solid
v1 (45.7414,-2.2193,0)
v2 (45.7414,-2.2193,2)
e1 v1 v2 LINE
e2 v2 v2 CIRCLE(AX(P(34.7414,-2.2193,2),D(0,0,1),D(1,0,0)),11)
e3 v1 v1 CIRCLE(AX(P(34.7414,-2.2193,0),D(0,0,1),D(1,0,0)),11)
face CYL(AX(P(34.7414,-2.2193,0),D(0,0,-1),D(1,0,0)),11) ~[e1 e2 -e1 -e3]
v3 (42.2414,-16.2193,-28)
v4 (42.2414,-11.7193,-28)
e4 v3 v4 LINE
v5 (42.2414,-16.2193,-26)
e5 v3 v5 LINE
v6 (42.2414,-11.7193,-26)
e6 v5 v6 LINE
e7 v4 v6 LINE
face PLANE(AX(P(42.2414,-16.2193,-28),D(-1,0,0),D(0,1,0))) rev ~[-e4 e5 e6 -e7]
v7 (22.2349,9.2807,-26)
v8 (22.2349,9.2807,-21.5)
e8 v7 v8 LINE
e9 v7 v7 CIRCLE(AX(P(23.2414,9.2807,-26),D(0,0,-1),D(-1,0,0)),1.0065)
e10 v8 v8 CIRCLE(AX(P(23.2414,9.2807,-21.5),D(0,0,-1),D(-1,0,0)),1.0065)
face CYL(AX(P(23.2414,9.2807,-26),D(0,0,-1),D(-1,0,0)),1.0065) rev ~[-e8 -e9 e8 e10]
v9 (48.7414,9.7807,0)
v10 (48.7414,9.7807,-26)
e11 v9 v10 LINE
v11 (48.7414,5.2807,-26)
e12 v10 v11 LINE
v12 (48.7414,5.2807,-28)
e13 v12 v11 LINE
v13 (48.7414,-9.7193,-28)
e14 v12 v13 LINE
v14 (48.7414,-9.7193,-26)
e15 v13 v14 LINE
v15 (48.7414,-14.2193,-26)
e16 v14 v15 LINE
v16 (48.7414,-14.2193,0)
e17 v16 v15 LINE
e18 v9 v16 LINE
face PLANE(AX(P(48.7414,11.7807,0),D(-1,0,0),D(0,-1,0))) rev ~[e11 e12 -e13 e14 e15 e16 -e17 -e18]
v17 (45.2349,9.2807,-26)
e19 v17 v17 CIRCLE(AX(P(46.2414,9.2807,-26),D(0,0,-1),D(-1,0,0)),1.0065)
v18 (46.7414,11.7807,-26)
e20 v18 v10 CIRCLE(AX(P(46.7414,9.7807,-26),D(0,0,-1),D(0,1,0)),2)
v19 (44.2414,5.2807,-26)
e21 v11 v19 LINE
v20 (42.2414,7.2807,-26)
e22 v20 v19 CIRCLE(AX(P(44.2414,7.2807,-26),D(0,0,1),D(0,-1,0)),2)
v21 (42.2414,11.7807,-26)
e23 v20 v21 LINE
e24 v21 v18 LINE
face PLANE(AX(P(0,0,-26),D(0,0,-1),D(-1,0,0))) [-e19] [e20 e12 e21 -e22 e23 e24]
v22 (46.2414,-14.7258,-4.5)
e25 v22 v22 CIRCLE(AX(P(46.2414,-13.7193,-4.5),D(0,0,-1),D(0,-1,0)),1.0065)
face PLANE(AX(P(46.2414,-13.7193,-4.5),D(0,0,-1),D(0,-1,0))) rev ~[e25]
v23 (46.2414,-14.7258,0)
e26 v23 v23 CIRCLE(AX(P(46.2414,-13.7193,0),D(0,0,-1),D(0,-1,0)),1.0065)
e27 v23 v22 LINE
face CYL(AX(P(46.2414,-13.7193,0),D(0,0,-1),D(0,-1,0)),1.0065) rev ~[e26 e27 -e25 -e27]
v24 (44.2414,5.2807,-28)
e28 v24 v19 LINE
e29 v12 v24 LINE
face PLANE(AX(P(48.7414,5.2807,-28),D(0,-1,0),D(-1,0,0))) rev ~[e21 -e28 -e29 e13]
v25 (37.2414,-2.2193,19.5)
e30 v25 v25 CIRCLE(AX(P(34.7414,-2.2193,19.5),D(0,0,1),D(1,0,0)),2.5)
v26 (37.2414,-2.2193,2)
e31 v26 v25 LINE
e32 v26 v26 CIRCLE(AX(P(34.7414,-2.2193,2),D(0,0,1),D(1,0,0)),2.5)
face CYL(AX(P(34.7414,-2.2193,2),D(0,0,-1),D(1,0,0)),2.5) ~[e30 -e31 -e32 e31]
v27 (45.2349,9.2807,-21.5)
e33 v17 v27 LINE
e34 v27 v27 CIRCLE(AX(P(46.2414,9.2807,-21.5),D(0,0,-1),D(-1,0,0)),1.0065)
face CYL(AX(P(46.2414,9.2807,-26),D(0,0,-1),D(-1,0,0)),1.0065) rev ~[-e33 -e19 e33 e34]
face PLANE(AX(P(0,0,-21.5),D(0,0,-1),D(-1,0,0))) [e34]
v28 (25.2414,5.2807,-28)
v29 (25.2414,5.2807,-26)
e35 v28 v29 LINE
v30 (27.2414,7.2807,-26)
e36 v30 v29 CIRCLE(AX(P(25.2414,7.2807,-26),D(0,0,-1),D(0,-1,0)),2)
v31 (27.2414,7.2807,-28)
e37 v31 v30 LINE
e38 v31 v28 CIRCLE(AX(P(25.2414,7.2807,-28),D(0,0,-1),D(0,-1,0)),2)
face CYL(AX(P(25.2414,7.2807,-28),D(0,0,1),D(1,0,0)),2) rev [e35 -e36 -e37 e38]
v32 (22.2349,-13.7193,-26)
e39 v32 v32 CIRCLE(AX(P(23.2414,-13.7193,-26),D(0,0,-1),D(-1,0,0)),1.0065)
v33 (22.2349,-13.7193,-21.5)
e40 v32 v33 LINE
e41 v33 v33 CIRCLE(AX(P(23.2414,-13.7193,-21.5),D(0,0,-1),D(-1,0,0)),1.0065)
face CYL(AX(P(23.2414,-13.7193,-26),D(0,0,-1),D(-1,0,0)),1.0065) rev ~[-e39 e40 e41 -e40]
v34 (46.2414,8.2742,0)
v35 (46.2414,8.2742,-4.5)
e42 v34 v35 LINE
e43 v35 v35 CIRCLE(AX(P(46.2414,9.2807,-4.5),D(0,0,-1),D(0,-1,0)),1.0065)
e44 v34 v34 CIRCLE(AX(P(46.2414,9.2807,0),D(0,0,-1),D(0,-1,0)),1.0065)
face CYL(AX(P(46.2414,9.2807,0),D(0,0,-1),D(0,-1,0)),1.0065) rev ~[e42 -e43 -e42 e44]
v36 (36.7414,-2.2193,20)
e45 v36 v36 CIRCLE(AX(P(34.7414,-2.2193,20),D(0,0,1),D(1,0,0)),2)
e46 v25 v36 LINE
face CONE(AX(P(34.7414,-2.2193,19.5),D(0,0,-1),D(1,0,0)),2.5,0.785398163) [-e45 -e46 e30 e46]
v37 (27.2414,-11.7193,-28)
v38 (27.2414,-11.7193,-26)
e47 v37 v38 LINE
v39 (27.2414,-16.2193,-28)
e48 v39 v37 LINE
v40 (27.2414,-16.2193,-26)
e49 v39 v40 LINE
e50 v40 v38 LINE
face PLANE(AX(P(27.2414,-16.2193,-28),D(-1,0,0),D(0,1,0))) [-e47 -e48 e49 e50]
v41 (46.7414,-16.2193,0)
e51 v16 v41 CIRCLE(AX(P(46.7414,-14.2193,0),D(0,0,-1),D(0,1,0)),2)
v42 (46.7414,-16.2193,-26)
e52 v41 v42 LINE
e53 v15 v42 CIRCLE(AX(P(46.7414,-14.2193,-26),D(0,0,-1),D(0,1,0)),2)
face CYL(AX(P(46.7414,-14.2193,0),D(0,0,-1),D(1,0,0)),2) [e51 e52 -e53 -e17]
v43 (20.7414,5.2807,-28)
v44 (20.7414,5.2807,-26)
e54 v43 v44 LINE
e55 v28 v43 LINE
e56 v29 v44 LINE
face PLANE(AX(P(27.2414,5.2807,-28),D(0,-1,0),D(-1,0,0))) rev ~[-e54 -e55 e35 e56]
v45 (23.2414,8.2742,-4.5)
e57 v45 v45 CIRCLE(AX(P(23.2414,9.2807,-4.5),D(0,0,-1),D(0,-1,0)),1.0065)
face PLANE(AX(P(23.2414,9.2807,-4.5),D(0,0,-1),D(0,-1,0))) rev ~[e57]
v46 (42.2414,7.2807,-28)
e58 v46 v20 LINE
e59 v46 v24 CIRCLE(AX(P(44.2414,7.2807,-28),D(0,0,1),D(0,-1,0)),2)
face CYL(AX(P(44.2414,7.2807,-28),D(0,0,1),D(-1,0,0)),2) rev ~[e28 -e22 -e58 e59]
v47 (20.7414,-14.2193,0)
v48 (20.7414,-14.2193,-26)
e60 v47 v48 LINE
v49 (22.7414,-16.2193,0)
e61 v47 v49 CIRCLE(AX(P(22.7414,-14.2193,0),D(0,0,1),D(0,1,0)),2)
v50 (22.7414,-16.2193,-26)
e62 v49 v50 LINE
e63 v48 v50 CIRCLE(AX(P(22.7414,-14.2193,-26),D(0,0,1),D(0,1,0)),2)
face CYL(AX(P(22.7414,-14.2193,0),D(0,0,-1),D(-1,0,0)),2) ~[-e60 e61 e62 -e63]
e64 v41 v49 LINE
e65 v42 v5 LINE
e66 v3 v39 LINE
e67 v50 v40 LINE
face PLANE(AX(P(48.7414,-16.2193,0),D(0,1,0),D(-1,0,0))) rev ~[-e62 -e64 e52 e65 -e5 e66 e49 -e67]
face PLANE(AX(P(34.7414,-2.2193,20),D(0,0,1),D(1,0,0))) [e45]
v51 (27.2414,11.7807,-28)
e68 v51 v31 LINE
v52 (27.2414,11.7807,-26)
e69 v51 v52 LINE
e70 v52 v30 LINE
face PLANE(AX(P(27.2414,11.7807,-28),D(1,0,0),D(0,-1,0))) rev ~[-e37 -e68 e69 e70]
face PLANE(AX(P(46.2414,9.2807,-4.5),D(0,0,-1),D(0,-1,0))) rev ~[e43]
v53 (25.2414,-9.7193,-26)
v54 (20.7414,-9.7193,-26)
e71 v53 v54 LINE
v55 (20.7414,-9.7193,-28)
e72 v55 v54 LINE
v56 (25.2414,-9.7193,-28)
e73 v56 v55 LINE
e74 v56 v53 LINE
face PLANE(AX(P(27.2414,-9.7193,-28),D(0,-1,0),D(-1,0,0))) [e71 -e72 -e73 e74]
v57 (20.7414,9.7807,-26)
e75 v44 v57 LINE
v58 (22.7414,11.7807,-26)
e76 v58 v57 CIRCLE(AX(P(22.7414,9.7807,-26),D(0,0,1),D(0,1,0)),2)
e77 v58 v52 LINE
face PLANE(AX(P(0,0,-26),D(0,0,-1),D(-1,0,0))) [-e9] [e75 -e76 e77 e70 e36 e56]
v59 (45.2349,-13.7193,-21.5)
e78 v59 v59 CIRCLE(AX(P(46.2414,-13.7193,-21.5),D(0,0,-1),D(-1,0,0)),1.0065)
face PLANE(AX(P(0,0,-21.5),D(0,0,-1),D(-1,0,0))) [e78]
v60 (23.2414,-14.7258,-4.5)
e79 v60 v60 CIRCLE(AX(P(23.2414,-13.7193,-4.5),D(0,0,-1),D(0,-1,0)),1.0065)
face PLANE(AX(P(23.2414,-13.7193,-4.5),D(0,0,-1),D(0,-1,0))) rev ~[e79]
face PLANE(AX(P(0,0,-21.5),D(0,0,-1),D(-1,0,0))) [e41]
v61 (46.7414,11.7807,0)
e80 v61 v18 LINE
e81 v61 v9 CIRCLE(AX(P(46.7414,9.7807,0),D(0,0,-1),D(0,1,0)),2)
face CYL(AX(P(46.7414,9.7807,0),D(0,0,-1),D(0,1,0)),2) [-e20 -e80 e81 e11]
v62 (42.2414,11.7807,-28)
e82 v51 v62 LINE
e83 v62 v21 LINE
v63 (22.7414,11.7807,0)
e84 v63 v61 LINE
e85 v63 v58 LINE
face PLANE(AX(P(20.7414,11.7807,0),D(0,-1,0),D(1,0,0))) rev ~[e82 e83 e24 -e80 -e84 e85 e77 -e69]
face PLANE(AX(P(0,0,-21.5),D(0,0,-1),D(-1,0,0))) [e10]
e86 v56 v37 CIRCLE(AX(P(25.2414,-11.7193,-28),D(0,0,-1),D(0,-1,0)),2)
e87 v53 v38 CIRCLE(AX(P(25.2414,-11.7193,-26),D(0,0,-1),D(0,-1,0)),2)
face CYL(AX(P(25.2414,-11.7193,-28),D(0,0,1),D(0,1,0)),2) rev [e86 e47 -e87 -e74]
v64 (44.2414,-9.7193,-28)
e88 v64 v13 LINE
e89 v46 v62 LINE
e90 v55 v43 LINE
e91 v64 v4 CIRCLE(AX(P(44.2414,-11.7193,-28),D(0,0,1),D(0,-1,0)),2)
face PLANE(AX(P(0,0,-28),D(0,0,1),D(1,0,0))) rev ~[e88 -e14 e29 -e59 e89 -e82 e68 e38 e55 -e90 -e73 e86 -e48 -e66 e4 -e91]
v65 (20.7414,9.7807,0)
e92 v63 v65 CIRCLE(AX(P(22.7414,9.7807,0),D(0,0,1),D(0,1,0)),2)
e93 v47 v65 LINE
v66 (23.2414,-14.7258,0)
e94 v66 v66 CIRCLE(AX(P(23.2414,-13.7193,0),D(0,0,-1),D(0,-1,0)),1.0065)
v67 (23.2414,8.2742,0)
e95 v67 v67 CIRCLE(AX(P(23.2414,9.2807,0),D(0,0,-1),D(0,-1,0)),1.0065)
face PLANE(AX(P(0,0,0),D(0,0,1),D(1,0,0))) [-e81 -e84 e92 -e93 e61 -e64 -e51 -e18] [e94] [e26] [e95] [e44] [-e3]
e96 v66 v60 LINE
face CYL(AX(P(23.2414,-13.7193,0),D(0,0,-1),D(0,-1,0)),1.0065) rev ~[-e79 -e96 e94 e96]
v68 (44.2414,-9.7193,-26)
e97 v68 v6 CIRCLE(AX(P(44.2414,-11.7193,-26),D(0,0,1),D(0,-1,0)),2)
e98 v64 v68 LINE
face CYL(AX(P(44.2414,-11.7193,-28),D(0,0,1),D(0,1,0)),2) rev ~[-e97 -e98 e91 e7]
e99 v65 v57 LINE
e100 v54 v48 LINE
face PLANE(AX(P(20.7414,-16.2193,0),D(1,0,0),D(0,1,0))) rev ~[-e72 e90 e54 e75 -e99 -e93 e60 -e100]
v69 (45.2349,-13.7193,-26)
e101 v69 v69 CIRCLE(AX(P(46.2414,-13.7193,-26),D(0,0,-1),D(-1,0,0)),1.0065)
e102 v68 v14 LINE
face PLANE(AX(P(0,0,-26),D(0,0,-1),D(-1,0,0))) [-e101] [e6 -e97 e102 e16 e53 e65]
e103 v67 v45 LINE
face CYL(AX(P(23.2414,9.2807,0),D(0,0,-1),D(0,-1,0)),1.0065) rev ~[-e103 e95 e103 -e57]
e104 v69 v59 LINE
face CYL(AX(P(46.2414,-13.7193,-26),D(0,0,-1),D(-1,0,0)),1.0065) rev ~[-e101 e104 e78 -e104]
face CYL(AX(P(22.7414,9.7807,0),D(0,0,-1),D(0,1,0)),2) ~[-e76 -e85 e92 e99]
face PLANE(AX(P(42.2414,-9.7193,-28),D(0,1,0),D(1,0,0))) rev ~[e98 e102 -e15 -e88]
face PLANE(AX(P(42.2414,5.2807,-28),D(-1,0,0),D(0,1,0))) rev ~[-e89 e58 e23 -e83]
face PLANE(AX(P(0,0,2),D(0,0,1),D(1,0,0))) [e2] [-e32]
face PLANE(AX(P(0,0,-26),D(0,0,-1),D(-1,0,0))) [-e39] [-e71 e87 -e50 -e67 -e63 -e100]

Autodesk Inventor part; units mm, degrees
ref_plane "YZ Plane" through (0, 0, 0) normal (1, 0, 0) x (0, 1, 0)
ref_plane "XZ Plane" through (0, 0, 0) normal (0, 1, 0) x (-1, 0, 0)
ref_plane "XY Plane" through (0, 0, 0) normal (0, 0, 1) x (1, 0, 0)
sketch "Sketch6" plane through (0, 0, 0) normal (0, 0, 1) x (1, 0, 0)
  line L0 (20.7414, 11.7807) -> (48.7414, 11.7807)
  line L1 (48.7414, 11.7807) -> (48.7414, -16.2193)
  line L2 (48.7414, -16.2193) -> (20.7414, -16.2193)
  line L3 (20.7414, -16.2193) -> (20.7414, 11.7807)
  point P0 (0, 0)
  dimension "d10" = 28
extrude "Extrusion6" add sketch "Sketch6" against normal blind 28
sketch "Sketch7" plane through (0, 0, 0) normal (0, 0, 1) x (1, 0, 0)
  line L0 (48.7414, 11.7807) -> (20.7414, 11.7807) projected
  line L1 (20.7414, 11.7807) -> (20.7414, -16.2193) projected
  line L2 (48.7414, -16.2193) -> (48.7414, 11.7807) projected
  line L3 (20.7414, -16.2193) -> (48.7414, -16.2193) projected
  point P0 (0, 0)
  point P1 (23.2414, 9.2807)
  point P2 (46.2414, 9.2807)
  point P3 (46.2414, -13.7193)
  point P4 (23.2414, -13.7193)
  point P5 (46.7414, 11.7807)
  point P6 (22.7414, 11.7807)
  point P7 (20.7414, 9.7807)
  point P8 (20.7414, -14.2193)
  point P9 (48.7414, -14.2193)
  point P10 (48.7414, 9.7807)
  point P11 (22.7414, -16.2193)
  point P12 (46.7414, -16.2193)
  dimension "d14" = 2.5
  dimension "d15" = 2.5
  dimension "d16" = 2.5
  dimension "d17" = 2.5
hole "Hole1" at (23.2414, 9.2807, 0) at (46.2414, 9.2807, 0) at (46.2414, -13.7193, 0) at (23.2414, -13.7193, 0) direction (0, 0, -1) diameter 2.013 depth 4.5 thread size "M2.5x0.45" class "6H" standard "ANSI Metric M Profile"
sketch "Sketch8" plane through (0, 0, 0) normal (0, 0, 1) x (1, 0, 0)
  circle A0 centre (34.7414, -2.2193) radius 11
  line L0 (48.7414, -16.2193) -> (48.7414, 11.7807) projected
  line L1 (48.7414, 11.7807) -> (20.7414, 11.7807) projected
  point P0 (0, 0)
  point P1 (48.7414, -2.2193)
  point P2 (48.7414, -14.2193)
  point P3 (48.7414, 9.7807)
  point P4 (34.7414, 11.7807)
  point P5 (46.7414, 11.7807)
  point P6 (22.7414, 11.7807)
  dimension "d25" = 22
extrude "Extrusion7" add sketch "Sketch8" along normal blind 2
sketch "Sketch9" plane through (34.7414, -2.2193, 2) normal (0, 0, 1) x (1, 0, 0)
  circle A0 centre (0, 0) radius 2.5
  circle A1 centre (0, 0) radius 11 projected
  point P0 (-34.7414, 2.2193)
  dimension "d28" = 5
extrude "Extrusion8" add sketch "Sketch9" along normal blind 18 contours A0
chamfer "Chamfer1" distance 0.5 angle 45 1 edges at (32.2414, -2.2193, 20)
sketch "Sketch10" plane through (0, 0, -28) normal (0, 0, -1) x (-1, 0, 0)
  line L0 (-20.7414, 11.7807) -> (-27.2414, 11.7807)
  line L1 (-27.2414, 11.7807) -> (-27.2414, 5.2807)
  line L2 (-27.2414, 5.2807) -> (-20.7414, 5.2807)
  line L3 (-20.7414, 5.2807) -> (-20.7414, 11.7807)
  line L4 (-20.7414, -16.2193) -> (-27.2414, -16.2193)
  line L5 (-27.2414, -16.2193) -> (-27.2414, -9.7193)
  line L6 (-27.2414, -9.7193) -> (-20.7414, -9.7193)
  line L7 (-20.7414, -9.7193) -> (-20.7414, -16.2193)
  line L8 (-48.7414, -16.2193) -> (-42.2414, -16.2193)
  line L9 (-42.2414, -16.2193) -> (-42.2414, -9.7193)
  line L10 (-42.2414, -9.7193) -> (-48.7414, -9.7193)
  line L11 (-48.7414, -9.7193) -> (-48.7414, -16.2193)
  line L12 (-42.2414, 11.7807) -> (-48.7414, 11.7807)
  line L13 (-48.7414, 11.7807) -> (-48.7414, 5.2807)
  line L14 (-48.7414, 5.2807) -> (-42.2414, 5.2807)
  line L15 (-42.2414, 5.2807) -> (-42.2414, 11.7807)
  line L16 (-20.7414, -16.2193) -> (-20.7414, 11.7807) projected
  line L17 (-20.7414, 11.7807) -> (-48.7414, 11.7807) projected
  line L18 (-48.7414, -16.2193) -> (-20.7414, -16.2193) projected
  line L19 (-48.7414, 11.7807) -> (-48.7414, -16.2193) projected
  point P0 (0, 0)
  point P1 (-20.7414, -14.2193)
  point P2 (-20.7414, 9.7807)
  point P3 (-22.7414, 11.7807)
  point P4 (-46.7414, 11.7807)
  point P5 (-46.7414, -16.2193)
  point P6 (-22.7414, -16.2193)
  point P7 (-48.7414, 9.7807)
  point P8 (-48.7414, -14.2193)
  dimension "d34" = 6.5
extrude "Extrusion9" cut sketch "Sketch10" against normal blind 2 contours L3 L2 L1 L0 | L15 L14 L13 L12 | L7 L4 L5 L6 | L10 L9 L8 L11
sketch "Sketch11" plane through (0, 0, -26) normal (0, 0, -1) x (-1, 0, 0)
  circle A0 centre (-23.2414, -13.7193) radius 1.0065 projected
  circle A1 centre (-23.2414, 9.2807) radius 1.0065 projected
  circle A2 centre (-46.2414, -13.7193) radius 1.0065 projected
  circle A3 centre (-46.2414, 9.2807) radius 1.0065 projected
  point P0 (0, 0)
extrude "Extrusion10" cut sketch "Sketch11" against normal blind 4.5
fillet "Fillet2" radius 2 8 edges at (20.7414, 11.7807, -13) (48.7414, 11.7807, -13) (20.7414, -16.2193, -13) (48.7414, -16.2193, -13) (27.2414, -9.7193, -27) (27.2414, 5.2807, -27) (42.2414, 5.2807, -27) (42.2414, -9.7193, -27)
equation "\"d11\" = MotorHeightBase"
equation "\"d17\" = d15"
equation "\"MotorHeightBase\" = 28"
properties part number "NEMA 11"
